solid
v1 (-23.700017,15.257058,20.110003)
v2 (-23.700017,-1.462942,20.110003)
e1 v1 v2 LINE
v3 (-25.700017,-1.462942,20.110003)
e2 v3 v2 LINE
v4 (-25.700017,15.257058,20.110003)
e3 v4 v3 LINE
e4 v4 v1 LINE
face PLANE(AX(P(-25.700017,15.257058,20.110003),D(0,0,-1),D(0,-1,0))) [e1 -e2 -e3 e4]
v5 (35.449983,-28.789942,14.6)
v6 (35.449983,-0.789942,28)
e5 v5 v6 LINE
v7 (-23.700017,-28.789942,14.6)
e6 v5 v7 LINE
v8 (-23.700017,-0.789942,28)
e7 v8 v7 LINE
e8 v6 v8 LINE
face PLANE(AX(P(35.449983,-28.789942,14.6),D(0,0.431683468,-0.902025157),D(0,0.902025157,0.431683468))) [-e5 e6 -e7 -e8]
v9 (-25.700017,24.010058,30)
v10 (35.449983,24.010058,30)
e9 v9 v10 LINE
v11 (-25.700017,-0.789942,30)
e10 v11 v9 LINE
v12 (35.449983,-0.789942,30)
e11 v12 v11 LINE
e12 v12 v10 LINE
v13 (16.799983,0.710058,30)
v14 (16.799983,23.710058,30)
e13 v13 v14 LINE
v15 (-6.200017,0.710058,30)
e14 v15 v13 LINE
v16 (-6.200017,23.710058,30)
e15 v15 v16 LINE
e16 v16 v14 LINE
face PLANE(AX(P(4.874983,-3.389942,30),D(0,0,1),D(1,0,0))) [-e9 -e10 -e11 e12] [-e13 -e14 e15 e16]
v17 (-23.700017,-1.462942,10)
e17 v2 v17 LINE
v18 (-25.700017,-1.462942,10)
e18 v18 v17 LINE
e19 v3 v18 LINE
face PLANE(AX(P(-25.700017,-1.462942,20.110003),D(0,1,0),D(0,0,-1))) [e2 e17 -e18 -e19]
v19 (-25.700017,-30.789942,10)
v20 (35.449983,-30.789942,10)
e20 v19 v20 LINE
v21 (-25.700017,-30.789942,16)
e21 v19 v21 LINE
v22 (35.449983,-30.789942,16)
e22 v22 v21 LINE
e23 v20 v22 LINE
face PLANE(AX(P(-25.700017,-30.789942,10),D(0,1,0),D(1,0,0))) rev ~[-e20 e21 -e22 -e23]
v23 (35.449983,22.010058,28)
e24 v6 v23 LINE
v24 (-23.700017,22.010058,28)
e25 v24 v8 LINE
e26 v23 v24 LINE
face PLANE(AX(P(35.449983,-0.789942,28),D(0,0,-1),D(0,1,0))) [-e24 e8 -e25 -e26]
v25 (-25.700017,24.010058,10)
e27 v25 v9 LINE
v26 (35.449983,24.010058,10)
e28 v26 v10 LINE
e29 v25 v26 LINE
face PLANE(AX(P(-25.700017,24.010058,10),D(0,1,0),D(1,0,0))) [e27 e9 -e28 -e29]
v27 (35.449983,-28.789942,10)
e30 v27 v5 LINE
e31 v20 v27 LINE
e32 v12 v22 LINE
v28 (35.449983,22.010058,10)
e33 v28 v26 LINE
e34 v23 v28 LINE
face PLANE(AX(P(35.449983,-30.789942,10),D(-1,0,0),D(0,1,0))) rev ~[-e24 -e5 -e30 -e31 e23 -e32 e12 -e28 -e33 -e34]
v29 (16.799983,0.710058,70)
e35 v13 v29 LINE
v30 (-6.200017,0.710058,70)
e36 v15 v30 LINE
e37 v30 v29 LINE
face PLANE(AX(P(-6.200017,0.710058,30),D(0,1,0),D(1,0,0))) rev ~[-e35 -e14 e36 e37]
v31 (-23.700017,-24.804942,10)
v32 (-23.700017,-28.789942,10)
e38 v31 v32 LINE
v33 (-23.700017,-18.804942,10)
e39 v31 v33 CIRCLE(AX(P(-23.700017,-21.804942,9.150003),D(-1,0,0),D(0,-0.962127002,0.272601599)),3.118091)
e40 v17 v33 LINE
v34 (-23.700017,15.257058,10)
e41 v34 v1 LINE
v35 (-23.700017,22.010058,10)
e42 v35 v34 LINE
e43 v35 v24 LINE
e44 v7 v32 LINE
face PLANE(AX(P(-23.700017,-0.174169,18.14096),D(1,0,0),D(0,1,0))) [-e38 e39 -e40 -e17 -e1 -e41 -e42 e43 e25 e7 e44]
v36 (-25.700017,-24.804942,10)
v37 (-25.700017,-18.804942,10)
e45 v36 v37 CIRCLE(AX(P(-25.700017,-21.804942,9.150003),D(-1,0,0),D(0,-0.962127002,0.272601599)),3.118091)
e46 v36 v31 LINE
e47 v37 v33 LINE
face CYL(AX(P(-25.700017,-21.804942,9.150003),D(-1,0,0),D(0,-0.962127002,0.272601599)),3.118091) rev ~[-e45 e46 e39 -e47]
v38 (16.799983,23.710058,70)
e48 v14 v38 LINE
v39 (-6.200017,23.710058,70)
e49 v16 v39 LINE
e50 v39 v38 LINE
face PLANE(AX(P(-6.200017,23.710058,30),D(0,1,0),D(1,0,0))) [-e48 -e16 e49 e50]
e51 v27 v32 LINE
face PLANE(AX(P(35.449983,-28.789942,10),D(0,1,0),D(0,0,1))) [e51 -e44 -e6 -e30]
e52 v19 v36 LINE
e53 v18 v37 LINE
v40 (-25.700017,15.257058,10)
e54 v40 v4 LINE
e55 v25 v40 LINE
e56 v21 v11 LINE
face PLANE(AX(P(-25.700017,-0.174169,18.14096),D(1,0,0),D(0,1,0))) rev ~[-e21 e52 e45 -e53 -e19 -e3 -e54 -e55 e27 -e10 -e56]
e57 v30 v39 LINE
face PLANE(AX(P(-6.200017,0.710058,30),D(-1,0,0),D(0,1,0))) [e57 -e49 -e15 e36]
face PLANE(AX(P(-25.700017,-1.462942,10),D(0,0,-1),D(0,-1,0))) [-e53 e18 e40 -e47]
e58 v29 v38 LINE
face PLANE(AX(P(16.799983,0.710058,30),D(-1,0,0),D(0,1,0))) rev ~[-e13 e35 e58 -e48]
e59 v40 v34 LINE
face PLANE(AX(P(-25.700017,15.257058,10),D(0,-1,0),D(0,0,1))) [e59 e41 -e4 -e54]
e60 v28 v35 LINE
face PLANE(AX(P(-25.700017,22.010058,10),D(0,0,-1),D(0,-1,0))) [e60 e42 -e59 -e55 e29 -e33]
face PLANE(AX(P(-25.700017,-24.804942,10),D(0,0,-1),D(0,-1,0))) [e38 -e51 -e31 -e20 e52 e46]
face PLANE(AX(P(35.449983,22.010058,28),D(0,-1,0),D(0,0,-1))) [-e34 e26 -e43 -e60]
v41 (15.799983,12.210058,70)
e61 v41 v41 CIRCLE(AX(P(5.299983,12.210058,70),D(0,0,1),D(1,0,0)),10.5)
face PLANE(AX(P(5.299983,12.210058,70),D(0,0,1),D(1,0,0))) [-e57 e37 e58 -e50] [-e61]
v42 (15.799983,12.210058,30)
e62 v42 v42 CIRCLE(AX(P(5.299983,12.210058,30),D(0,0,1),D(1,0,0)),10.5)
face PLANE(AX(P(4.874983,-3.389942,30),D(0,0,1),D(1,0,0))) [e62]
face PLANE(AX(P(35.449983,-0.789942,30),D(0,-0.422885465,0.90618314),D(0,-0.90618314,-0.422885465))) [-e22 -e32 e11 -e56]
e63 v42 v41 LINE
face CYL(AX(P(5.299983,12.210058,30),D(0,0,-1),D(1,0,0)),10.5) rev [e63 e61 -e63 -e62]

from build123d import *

# Parameters (mm, degrees)
SKETCH004_W     = 61.15
SKETCH004_H     = 54.8
PAD001_DEPTH    = 20
POCKET003_DEPTH = 61.151
SKETCH006_R     = 3.34
SKETCH006_W     = 16.51
SKETCH006_H     = 11
POCKET004_DEPTH = 5
SKETCH007_R     = 3.34
SKETCH007_W     = 15.2570581741
SKETCH007_H     = 10.1100032783
POCKET005_DEPTH = 17
SKETCH008_W     = 23
SKETCH008_H     = 23
SKETCH008_R     = 10.5
PAD002_DEPTH    = 40
POCKET006_DEPTH = 61.151
PAD004_DEPTH    = 2


with BuildPart() as part:
    # Sketch004 → Pad001 (new body)
    with BuildSketch(Plane.XY):
        with Locations((4.8749828339, -3.3899418259)):
            Rectangle(SKETCH004_W, SKETCH004_H)
    extrude(amount=PAD001_DEPTH)

    # Sketch005 (on Face2 of Pad001) → Pocket003 (cut, through all)
    with BuildSketch(Plane.YZ.offset(35.4499828339)):
        Polygon((-30.7899418259, 20), (-0.7899418259, 20), (-30.7899418259, 6), align=None)
    extrude(amount=-POCKET003_DEPTH, mode=Mode.SUBTRACT)

    # Sketch006 (on Face3 of Pocket003) → Pocket004 (cut)
    with BuildSketch(Plane.YZ.offset(35.4499828339)):
        with Locations((-8.7709418259, -0.3499967217)):
            Circle(SKETCH006_R)
        with Locations((-21.8049418259, 0.1500032783)):
            Circle(SKETCH006_R)
        with Locations((6.7920581741, 4.6100032783)):
            Rectangle(SKETCH006_W, SKETCH006_H)
    extrude(amount=-POCKET004_DEPTH, mode=Mode.SUBTRACT)

    # Sketch007 (on Face2 of Pocket004) → Pocket005 (cut)
    with BuildSketch(Plane(origin=(-25.7000171661, 0, 0), x_dir=(0, -1, 0), z_dir=(-1, 0, 0))):
        with Locations((21.8049418259, -0.8499967217)):
            Circle(SKETCH007_R)
        with Locations((-7.6285290871, 5.0550016391)):
            Rectangle(SKETCH007_W, SKETCH007_H)
    extrude(amount=-POCKET005_DEPTH, mode=Mode.SUBTRACT)

    # Sketch008 (on Face5 of Pocket005) → Pad002 (join)
    with BuildSketch(Plane.XY.offset(20)):
        with Locations((5.2999828339, 12.2100581741)):
            Rectangle(SKETCH008_W, SKETCH008_H)
        with Locations((5.2999828339, 12.2100581741)):
            Circle(SKETCH008_R, mode=Mode.SUBTRACT)
    extrude(amount=PAD002_DEPTH)

    # Sketch010 (on Face3 of Pocket005) → Pocket006 (cut, through all)
    with BuildSketch(Plane.YZ.offset(35.4499828339)):
        Polygon((-28.7899418259, 0), (-28.7899418259, 4.6), (-0.7899418259, 18), (22.0100581741, 18), (22.0100581741, 0), align=None)
    extrude(amount=-POCKET006_DEPTH, mode=Mode.SUBTRACT)

    # Sketch011 (on Face2 of Pocket006) → Pad004 (join)
    with BuildSketch(Plane(origin=(-25.7000171661, 0, 0), x_dir=(0, -1, 0), z_dir=(-1, 0, 0))):
        with BuildLine():
            Line((-22.0100581741, 0), (-22.0100581741, 18))
            Line((-22.0100581741, 18), (0.7899418259, 18))
            Line((0.7899418259, 18), (28.7899418259, 4.6))
            Line((28.7899418259, 4.6), (28.7899418259, 0))
            Line((24.8049418259, 0), (28.7899418259, 0))
            ThreePointArc((24.8049418259, 0), (21.8049418259, 2.2680947501), (18.8049418259, 0))
            Line((1.4629418259, 0), (18.8049418259, 0))
            Line((1.4629418259, 10.1100032783), (1.4629418259, 0))
            Line((-15.2570581741, 10.1100032783), (1.4629418259, 10.1100032783))
            Line((-15.2570581741, 0), (-15.2570581741, 10.1100032783))
            Line((-22.0100581741, 0), (-15.2570581741, 0))
        make_face()
    extrude(amount=-PAD004_DEPTH)


with BuildPart() as part_1:
    # Body001 placement: moved
    add(part.part.moved(Location((0, 0, 10))))


solid = part_1.part
